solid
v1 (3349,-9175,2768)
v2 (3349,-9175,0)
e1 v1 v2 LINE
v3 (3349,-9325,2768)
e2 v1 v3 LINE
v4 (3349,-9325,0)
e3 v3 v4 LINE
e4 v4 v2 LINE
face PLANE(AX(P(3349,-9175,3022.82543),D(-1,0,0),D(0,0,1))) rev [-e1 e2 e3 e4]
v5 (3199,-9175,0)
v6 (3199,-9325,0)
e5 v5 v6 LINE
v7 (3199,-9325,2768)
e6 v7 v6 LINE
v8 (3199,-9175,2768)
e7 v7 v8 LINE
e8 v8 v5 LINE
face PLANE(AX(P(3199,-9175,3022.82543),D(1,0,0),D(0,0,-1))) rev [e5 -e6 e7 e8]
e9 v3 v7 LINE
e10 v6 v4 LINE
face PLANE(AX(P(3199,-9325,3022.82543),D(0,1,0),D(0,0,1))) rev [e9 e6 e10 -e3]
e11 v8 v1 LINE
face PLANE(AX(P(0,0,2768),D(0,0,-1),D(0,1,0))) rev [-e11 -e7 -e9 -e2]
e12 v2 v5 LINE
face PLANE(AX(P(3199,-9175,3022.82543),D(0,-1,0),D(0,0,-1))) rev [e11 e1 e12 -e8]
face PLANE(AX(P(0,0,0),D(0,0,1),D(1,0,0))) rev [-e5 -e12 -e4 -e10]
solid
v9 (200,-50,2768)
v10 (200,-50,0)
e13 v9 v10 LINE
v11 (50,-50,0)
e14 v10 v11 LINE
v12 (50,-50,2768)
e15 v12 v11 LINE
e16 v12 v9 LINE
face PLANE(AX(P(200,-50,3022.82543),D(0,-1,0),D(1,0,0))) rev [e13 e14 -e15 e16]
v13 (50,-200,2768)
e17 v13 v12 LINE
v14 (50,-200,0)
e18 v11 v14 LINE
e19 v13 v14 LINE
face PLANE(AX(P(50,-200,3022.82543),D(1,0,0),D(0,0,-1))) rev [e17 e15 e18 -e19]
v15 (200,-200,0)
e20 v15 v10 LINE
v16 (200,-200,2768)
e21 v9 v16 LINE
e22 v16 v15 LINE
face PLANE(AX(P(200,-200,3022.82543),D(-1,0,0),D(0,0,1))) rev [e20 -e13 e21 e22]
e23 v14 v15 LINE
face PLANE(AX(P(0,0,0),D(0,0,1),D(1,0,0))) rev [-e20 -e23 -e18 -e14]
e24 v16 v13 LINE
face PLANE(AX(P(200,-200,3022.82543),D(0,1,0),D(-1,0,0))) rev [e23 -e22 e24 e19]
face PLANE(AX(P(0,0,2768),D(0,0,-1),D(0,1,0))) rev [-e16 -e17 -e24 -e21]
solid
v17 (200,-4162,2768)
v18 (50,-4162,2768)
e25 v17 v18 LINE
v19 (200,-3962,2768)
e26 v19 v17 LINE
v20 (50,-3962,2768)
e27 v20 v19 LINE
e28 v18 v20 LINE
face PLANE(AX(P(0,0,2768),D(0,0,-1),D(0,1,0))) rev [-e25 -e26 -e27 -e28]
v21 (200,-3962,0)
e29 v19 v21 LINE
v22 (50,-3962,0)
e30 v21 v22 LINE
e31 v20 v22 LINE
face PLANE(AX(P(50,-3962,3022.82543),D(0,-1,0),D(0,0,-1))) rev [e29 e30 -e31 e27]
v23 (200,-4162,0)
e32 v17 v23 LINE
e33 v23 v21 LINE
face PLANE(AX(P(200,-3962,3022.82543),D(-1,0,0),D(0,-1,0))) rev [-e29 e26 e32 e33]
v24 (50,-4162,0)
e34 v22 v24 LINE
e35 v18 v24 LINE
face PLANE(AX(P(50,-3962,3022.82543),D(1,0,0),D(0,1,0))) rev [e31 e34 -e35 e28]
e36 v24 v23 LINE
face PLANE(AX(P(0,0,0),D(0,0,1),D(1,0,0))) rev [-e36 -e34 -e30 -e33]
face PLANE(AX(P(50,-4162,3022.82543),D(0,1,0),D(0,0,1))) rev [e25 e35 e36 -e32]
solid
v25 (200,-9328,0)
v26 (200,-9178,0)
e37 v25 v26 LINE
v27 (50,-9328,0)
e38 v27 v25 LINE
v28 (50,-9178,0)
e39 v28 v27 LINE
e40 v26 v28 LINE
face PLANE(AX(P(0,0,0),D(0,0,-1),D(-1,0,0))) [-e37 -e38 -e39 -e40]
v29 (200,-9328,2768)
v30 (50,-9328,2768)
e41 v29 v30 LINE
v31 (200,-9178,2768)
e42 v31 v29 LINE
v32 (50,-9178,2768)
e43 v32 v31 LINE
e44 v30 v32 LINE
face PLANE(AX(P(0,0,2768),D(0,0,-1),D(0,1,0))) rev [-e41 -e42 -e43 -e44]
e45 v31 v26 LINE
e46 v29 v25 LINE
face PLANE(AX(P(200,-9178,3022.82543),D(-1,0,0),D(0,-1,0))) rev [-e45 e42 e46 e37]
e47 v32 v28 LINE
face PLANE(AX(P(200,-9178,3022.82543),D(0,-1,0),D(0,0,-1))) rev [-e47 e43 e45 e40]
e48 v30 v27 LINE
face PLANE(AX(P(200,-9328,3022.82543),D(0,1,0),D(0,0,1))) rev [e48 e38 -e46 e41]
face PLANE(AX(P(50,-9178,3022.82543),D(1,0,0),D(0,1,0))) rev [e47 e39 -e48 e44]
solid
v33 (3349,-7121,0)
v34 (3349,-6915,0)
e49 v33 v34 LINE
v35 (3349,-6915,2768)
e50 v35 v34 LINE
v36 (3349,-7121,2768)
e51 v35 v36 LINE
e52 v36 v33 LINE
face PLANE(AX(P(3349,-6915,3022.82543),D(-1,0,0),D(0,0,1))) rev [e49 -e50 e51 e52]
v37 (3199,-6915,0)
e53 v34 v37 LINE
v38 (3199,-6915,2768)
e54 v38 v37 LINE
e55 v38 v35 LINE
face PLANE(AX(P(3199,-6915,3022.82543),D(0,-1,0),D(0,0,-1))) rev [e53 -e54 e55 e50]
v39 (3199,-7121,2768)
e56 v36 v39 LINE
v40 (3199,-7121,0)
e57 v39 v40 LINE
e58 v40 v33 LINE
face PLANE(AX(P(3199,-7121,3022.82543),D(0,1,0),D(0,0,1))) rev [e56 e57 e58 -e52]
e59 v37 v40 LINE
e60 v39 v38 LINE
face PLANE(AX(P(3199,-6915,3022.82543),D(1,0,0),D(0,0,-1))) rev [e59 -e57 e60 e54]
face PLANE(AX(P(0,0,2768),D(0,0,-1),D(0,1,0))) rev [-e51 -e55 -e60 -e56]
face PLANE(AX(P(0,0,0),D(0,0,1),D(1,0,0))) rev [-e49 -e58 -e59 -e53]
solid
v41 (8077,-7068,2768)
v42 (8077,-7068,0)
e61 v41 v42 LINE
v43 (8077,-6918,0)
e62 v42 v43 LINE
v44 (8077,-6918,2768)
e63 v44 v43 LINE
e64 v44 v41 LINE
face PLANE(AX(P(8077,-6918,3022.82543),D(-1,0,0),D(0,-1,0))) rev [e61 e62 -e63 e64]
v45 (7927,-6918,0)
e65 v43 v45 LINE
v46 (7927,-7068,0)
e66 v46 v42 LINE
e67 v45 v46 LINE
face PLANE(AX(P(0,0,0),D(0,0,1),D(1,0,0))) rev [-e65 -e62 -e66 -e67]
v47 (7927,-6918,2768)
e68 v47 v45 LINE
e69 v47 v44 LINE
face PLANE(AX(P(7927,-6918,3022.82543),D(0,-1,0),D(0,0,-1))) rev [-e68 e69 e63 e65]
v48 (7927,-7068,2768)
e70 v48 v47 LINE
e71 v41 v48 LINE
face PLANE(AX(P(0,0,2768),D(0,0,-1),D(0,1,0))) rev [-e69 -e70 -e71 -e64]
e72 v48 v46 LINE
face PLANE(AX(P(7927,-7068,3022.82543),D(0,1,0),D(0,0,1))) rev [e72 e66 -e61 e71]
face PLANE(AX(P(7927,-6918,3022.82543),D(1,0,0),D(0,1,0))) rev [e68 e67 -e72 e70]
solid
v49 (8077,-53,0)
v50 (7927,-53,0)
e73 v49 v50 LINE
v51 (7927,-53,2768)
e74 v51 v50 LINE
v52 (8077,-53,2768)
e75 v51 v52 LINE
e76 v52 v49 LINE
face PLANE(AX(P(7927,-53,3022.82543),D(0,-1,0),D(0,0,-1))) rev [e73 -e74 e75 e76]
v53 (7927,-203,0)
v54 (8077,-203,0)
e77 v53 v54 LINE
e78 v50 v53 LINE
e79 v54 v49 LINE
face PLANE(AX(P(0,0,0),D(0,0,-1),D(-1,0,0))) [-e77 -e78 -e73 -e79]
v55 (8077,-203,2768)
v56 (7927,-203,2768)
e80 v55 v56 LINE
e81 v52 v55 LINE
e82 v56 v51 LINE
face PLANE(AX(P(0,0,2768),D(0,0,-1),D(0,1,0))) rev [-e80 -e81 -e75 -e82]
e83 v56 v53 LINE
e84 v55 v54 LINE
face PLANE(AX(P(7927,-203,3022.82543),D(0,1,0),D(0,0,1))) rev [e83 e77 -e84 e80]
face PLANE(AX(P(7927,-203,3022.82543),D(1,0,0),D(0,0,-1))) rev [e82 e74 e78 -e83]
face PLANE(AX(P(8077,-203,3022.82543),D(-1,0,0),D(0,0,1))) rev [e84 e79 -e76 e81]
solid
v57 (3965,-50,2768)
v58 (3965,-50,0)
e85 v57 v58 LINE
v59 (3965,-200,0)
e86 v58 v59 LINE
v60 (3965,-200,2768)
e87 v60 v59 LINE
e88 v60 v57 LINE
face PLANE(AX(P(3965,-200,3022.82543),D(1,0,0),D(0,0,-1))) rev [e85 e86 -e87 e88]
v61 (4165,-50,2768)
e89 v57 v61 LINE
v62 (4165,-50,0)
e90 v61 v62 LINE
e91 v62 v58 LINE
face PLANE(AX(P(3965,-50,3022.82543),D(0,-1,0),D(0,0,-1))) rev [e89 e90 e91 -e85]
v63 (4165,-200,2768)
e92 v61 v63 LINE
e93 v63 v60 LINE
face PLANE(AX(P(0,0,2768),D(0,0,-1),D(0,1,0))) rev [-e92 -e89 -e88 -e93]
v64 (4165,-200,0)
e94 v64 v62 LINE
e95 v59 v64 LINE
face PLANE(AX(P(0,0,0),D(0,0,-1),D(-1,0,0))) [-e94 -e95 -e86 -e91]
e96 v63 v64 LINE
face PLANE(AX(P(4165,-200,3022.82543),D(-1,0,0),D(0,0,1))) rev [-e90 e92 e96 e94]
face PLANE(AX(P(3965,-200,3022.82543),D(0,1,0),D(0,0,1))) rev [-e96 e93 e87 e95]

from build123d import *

# Parameters (mm, degrees)
SKETCH_1_W        = 150
SKETCH_1_H        = 150
EXTRUDE_1_DEPTH   = 2768
SKETCH_1_W_2      = 200
EXTRUDE_1_2_DEPTH = 2768
EXTRUDE_1_3_DEPTH = 2768
SKETCH_1_H_2      = 206
EXTRUDE_1_4_DEPTH = 2768
EXTRUDE_1_5_DEPTH = 2768
EXTRUDE_1_6_DEPTH = 2768
EXTRUDE_1_7_DEPTH = 2768
SKETCH_1_H_3      = 200
EXTRUDE_1_8_DEPTH = 2768


with BuildPart() as part:
    # Эскиз1 → Бобышка-Вытянуть1 (new body)
    with BuildSketch(Plane.XY):
        with Locations((125, -125)):
            Rectangle(SKETCH_1_W, SKETCH_1_H)
    extrude(amount=EXTRUDE_1_DEPTH)


with BuildPart() as body_2:
    # Эскиз1 → Extrude 1 2 (new body)
    with BuildSketch(Plane.XY):
        with Locations((4065, -125)):
            Rectangle(SKETCH_1_W_2, SKETCH_1_H)
    extrude(amount=EXTRUDE_1_2_DEPTH)


with BuildPart() as body_3:
    # Эскиз1 → Extrude 1 3 (new body)
    with BuildSketch(Plane.XY):
        with Locations((8002, -128)):
            Rectangle(SKETCH_1_W, SKETCH_1_H)
    extrude(amount=EXTRUDE_1_3_DEPTH)


with BuildPart() as body_4:
    # Эскиз1 → Extrude 1 4 (new body)
    with BuildSketch(Plane.XY):
        with Locations((3274, -7018)):
            Rectangle(SKETCH_1_W, SKETCH_1_H_2)
    extrude(amount=EXTRUDE_1_4_DEPTH)


with BuildPart() as body_5:
    # Эскиз1 → Extrude 1 5 (new body)
    with BuildSketch(Plane.XY):
        with Locations((8002, -6993)):
            Rectangle(SKETCH_1_W, SKETCH_1_H)
    extrude(amount=EXTRUDE_1_5_DEPTH)


with BuildPart() as body_6:
    # Эскиз1 → Extrude 1 6 (new body)
    with BuildSketch(Plane.XY):
        with Locations((3274, -9250)):
            Rectangle(SKETCH_1_W, SKETCH_1_H)
    extrude(amount=EXTRUDE_1_6_DEPTH)


with BuildPart() as body_7:
    # Эскиз1 → Extrude 1 7 (new body)
    with BuildSketch(Plane.XY):
        with Locations((125, -9253)):
            Rectangle(SKETCH_1_W, SKETCH_1_H)
    extrude(amount=EXTRUDE_1_7_DEPTH)


with BuildPart() as body_8:
    # Эскиз1 → Extrude 1 8 (new body)
    with BuildSketch(Plane.XY):
        with Locations((125, -4062)):
            Rectangle(SKETCH_1_W, SKETCH_1_H_3)
    extrude(amount=EXTRUDE_1_8_DEPTH)


solid = Compound([part.part, body_2.part, body_3.part, body_4.part, body_5.part, body_6.part, body_7.part, body_8.part])
